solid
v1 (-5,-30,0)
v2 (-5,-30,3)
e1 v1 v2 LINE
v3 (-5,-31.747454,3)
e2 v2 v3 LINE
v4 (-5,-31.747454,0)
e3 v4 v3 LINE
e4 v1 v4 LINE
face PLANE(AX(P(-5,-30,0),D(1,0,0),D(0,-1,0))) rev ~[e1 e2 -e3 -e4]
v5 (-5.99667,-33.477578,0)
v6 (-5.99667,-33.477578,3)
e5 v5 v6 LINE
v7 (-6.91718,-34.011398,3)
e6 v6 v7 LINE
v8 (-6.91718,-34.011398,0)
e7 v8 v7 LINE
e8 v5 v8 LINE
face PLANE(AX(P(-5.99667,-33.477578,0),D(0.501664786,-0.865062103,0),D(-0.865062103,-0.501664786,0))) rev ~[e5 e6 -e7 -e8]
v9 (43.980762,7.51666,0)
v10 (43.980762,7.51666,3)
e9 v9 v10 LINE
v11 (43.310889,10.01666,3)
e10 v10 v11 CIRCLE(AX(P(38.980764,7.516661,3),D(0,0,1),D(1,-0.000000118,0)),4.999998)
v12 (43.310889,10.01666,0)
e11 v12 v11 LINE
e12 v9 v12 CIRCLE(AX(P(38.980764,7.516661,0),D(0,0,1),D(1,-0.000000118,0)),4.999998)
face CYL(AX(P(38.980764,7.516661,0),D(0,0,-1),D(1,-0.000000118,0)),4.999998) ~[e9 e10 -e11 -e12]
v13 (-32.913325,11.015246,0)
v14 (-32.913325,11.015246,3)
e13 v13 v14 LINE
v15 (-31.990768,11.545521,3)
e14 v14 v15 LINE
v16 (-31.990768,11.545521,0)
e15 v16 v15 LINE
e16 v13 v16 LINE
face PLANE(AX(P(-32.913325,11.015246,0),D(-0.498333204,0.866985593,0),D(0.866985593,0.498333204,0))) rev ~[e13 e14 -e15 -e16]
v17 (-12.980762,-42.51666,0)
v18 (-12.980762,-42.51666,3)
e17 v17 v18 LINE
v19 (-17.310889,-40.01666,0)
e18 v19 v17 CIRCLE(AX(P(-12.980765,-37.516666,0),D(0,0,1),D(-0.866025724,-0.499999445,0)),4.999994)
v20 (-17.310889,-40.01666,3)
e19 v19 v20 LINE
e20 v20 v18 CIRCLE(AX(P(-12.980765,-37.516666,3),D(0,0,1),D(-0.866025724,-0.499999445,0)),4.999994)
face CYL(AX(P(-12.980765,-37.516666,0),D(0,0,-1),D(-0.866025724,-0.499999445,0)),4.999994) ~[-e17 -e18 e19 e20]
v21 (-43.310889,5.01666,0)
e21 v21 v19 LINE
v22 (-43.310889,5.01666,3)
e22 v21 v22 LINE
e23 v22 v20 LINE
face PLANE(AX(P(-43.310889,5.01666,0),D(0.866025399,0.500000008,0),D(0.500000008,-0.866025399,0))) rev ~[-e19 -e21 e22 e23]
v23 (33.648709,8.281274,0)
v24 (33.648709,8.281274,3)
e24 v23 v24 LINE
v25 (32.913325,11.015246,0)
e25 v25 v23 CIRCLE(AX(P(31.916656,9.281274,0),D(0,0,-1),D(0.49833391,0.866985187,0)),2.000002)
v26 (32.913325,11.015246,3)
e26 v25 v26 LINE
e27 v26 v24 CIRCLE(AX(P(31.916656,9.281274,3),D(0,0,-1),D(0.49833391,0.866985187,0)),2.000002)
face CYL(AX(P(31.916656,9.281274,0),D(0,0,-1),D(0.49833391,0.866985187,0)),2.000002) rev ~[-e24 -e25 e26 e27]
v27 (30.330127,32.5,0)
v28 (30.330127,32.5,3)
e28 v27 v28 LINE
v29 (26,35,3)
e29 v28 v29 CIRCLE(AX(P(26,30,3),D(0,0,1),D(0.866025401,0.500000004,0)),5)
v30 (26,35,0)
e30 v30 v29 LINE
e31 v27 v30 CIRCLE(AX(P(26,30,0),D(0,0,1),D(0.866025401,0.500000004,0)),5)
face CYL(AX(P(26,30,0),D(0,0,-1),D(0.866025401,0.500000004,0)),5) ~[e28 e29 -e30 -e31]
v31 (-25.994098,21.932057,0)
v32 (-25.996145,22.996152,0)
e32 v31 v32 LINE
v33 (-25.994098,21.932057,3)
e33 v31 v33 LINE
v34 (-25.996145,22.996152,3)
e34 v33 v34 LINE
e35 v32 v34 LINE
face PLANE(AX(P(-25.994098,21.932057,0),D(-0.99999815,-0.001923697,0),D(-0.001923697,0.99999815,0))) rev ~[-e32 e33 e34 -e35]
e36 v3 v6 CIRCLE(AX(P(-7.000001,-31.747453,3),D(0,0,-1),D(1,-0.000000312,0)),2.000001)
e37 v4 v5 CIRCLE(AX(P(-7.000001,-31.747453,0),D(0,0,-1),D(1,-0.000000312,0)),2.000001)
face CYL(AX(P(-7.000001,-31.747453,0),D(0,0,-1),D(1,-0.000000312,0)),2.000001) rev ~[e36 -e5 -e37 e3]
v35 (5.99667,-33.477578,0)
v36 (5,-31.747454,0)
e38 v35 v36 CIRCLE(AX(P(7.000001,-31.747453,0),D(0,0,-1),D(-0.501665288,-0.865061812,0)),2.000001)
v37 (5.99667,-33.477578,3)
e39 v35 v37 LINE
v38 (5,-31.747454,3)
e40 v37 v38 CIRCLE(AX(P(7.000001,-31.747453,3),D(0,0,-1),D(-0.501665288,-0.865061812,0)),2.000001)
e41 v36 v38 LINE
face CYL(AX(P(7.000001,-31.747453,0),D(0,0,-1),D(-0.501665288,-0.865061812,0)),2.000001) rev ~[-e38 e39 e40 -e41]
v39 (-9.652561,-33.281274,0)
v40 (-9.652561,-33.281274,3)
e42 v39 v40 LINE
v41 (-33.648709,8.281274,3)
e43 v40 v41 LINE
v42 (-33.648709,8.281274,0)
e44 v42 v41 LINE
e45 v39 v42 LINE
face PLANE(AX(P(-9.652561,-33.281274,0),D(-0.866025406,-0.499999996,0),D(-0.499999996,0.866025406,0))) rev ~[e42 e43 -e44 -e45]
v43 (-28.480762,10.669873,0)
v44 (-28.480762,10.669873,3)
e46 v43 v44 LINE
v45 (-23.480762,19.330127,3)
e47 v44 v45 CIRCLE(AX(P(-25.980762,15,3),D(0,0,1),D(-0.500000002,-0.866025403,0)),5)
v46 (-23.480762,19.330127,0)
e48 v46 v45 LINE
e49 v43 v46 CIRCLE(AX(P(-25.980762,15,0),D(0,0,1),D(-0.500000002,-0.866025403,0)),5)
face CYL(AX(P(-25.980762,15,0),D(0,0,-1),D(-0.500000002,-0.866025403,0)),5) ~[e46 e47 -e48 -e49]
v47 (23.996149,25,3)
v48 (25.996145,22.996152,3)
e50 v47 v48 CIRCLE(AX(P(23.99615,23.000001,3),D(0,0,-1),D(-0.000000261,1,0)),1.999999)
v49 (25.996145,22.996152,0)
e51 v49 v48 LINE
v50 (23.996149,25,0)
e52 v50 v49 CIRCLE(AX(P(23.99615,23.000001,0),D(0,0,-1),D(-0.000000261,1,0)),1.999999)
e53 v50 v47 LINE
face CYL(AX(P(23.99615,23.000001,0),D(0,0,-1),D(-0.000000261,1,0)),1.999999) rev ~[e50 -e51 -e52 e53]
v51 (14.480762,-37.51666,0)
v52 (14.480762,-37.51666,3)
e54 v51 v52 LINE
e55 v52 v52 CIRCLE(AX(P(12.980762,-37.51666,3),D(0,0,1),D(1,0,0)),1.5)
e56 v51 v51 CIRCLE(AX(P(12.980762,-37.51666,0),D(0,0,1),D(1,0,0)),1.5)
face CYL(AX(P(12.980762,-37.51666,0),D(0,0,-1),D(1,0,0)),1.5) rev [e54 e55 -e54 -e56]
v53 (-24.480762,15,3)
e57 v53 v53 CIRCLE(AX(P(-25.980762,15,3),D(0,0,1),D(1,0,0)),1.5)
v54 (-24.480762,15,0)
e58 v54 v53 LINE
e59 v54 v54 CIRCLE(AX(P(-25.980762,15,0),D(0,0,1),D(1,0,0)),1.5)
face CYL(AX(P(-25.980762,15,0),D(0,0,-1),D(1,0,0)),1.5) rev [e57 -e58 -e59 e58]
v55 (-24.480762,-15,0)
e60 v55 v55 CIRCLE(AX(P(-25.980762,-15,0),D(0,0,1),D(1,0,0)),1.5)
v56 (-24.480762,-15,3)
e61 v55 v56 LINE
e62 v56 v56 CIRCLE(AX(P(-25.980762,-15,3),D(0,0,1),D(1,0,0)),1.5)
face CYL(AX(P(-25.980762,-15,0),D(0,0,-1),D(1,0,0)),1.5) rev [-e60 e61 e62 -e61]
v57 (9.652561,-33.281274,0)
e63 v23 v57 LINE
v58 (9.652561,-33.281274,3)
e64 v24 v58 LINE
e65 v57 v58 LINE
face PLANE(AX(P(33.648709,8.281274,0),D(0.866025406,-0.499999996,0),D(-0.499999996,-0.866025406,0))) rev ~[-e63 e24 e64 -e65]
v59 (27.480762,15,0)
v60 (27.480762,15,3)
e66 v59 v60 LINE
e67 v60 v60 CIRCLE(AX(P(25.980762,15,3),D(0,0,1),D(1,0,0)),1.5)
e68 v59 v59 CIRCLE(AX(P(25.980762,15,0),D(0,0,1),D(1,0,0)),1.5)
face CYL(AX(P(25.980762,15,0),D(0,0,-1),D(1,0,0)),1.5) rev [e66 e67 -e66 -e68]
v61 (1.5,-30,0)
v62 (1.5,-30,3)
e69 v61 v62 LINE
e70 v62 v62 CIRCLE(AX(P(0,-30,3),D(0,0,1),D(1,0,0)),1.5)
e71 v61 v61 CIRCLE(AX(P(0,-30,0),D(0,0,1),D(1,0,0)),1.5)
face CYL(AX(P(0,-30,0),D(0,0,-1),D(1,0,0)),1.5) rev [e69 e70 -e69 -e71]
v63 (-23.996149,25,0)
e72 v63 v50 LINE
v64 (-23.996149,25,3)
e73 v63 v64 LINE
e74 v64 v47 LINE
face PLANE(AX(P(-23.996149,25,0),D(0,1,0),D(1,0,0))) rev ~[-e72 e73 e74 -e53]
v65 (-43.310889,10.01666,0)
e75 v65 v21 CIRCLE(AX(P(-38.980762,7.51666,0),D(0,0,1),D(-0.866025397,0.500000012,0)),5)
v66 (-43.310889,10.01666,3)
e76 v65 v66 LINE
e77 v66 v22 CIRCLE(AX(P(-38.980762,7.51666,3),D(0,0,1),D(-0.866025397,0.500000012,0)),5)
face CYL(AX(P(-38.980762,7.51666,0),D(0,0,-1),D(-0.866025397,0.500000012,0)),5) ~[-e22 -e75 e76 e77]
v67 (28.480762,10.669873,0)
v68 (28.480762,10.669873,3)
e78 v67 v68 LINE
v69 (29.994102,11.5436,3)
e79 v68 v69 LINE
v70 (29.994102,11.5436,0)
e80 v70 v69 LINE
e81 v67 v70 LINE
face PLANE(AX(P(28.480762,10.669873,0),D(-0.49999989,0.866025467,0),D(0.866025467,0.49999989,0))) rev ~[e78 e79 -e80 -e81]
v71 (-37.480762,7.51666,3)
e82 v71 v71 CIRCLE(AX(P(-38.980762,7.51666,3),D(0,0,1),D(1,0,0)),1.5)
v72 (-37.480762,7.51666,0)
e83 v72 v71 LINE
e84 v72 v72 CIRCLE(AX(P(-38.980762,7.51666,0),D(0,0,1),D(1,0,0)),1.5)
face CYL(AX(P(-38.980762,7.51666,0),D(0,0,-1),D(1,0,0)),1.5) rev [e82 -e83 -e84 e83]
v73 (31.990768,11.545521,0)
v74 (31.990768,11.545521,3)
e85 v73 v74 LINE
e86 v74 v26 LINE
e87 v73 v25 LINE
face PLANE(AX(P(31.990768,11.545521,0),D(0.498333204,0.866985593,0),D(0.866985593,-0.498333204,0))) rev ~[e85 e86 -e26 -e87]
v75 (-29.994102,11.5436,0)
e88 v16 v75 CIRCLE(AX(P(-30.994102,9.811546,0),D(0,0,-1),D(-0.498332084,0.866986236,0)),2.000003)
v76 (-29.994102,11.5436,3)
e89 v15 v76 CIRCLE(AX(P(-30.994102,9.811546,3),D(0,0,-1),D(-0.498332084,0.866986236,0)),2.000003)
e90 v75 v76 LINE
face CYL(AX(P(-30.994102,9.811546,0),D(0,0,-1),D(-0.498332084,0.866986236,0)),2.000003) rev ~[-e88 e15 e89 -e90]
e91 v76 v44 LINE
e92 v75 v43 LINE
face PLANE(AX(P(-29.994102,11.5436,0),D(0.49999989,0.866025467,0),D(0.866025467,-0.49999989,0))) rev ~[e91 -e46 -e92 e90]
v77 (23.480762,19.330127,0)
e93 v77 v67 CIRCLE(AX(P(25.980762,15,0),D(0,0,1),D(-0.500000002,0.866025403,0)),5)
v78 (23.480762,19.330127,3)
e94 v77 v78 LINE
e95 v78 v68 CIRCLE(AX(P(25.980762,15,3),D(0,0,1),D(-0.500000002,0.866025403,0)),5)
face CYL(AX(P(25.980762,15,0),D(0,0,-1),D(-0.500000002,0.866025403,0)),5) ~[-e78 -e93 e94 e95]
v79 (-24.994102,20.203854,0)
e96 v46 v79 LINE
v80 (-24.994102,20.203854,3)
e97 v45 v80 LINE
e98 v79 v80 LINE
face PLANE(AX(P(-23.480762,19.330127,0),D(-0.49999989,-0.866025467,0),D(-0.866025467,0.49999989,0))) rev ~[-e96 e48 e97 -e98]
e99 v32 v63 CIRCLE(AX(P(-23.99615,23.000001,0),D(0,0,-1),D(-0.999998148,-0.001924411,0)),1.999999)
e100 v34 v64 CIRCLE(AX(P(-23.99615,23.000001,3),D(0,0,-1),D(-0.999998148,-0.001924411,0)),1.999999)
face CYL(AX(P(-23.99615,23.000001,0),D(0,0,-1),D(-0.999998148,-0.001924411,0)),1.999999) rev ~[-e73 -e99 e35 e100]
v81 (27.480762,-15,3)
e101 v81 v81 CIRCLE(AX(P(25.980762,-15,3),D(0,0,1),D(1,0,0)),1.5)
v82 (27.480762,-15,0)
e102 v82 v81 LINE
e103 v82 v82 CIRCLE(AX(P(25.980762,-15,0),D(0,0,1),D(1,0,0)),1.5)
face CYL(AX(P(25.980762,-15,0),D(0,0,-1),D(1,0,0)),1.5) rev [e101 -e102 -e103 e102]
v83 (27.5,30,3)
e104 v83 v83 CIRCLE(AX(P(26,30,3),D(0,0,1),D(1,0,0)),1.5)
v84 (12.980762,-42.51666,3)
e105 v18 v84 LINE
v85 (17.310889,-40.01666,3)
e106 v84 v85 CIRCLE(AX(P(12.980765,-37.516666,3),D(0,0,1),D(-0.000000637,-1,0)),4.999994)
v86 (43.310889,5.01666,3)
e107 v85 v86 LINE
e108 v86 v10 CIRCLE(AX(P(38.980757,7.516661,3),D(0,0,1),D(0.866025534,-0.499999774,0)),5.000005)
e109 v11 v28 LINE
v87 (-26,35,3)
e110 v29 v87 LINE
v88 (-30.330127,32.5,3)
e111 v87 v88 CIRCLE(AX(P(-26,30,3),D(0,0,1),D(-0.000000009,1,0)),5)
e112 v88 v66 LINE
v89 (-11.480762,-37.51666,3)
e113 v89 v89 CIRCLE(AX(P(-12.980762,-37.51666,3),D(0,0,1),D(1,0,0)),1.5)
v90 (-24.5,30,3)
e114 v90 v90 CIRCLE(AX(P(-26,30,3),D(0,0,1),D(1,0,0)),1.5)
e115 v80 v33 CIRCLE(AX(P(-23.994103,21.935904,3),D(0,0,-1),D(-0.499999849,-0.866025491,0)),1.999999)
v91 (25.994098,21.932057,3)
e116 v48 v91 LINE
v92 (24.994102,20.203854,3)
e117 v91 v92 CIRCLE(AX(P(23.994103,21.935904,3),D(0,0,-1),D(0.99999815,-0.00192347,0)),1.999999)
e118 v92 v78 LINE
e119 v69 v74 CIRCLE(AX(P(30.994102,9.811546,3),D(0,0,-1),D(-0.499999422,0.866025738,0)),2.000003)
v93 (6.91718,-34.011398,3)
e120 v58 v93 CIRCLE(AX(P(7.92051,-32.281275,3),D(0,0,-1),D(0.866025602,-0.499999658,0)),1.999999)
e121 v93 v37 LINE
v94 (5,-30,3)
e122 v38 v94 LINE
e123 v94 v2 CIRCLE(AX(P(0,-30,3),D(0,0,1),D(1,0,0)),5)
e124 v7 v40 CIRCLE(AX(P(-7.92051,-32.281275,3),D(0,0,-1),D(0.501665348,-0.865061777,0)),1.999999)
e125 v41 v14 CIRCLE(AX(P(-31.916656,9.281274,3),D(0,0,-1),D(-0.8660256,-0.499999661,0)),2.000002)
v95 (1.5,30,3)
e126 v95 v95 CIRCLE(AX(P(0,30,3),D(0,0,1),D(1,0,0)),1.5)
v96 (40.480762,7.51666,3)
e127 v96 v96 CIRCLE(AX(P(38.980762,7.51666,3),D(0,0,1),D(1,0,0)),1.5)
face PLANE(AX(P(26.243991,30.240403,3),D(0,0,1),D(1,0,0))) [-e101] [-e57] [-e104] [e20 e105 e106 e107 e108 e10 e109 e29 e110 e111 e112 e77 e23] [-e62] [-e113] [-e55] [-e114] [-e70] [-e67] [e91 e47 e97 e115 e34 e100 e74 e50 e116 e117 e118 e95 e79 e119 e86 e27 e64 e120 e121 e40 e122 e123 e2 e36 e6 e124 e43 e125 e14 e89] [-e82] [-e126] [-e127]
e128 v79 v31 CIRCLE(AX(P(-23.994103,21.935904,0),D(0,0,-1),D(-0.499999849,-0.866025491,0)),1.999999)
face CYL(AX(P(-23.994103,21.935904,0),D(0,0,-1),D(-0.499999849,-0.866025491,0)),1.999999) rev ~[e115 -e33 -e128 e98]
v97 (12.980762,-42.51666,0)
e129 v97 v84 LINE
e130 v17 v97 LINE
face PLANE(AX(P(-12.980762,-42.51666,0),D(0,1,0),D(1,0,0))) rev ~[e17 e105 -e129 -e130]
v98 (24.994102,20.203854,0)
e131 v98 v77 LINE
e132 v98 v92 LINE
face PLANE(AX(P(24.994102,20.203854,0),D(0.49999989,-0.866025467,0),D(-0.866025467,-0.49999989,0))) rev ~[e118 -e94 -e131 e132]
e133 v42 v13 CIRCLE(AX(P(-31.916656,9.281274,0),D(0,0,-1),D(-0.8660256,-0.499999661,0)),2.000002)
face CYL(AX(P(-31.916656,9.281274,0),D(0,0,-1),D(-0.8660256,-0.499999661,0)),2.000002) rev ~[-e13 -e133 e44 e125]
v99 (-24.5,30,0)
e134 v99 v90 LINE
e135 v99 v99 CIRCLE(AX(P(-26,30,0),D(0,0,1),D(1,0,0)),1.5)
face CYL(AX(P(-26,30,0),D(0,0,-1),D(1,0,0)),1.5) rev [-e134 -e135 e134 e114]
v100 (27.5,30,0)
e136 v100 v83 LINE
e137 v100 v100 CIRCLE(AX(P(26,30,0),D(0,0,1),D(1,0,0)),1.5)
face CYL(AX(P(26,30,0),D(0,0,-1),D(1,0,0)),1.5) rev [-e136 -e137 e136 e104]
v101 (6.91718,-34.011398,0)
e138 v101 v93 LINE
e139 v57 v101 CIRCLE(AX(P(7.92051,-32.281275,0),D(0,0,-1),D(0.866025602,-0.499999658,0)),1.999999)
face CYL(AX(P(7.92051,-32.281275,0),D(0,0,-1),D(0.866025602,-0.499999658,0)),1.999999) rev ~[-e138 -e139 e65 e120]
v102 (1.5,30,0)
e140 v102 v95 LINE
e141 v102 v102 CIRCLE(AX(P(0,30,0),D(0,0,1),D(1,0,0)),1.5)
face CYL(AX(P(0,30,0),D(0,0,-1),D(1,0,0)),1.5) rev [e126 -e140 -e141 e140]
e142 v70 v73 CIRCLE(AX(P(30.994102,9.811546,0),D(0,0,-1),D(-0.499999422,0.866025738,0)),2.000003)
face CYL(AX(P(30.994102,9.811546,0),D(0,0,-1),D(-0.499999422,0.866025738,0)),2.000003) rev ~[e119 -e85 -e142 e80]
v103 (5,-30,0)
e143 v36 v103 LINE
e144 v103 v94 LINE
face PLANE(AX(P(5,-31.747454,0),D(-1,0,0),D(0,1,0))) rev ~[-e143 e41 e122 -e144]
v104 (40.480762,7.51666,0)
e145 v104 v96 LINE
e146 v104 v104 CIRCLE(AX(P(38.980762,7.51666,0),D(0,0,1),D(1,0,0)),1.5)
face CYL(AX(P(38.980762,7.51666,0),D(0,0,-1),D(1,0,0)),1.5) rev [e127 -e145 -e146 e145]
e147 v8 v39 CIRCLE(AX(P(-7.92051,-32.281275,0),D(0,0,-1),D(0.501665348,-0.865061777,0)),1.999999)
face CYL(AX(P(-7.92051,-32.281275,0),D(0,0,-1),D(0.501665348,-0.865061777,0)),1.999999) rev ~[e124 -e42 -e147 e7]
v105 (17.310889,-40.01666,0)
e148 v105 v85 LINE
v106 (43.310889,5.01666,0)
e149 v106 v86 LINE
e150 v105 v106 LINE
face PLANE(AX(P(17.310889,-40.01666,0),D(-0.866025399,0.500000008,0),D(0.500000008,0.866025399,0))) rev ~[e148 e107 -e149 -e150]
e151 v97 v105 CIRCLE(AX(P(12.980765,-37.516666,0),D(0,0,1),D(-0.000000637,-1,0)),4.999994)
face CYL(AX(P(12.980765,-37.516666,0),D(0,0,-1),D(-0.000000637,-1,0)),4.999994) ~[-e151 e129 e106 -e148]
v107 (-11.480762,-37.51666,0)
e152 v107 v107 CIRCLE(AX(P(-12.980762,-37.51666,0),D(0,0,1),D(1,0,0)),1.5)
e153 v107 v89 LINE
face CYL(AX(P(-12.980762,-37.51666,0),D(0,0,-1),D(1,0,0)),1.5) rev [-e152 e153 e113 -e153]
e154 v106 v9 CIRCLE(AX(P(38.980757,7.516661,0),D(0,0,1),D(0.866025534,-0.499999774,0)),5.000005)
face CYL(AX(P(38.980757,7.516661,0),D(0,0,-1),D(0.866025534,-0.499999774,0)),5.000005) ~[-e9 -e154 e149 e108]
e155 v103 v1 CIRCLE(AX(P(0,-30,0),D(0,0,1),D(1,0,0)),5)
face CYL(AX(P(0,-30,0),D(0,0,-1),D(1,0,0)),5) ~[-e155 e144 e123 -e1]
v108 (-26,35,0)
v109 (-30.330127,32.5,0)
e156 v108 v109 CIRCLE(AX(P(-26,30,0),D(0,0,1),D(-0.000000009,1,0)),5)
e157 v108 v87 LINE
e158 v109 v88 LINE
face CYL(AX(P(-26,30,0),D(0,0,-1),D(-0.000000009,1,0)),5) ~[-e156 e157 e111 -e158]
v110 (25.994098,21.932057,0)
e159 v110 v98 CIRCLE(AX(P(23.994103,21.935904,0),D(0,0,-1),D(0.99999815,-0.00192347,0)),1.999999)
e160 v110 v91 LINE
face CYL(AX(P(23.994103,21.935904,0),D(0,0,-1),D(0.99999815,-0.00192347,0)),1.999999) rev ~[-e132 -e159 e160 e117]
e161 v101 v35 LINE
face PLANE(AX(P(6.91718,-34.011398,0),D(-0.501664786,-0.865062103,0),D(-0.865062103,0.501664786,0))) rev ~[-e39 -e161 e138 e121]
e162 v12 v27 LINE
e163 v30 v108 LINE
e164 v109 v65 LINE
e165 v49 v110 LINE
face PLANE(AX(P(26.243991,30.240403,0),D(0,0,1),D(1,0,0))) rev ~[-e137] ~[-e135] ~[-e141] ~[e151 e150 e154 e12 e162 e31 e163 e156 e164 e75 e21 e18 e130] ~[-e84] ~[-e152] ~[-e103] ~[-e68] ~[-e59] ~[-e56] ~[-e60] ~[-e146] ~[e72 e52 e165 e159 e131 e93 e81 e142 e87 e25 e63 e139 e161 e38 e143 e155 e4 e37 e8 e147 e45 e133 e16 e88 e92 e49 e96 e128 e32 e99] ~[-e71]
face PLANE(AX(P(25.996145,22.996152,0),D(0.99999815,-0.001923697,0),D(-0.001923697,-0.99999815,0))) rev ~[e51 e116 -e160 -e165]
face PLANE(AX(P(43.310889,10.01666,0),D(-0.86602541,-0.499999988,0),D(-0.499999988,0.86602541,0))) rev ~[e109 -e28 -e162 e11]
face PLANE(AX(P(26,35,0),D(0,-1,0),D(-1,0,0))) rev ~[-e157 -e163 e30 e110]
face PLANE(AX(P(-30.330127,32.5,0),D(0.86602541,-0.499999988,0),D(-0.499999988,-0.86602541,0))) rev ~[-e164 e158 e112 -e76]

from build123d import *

# Parameters (mm, degrees)
F0_R     = 1.5
F1_DEPTH = 3


with BuildPart() as f1:
    # F0 (on Top) → F1 (new body)
    with BuildSketch(Plane.XY):
        with BuildLine():
            ThreePointArc((26, 35), (22.464466, 26.464466), (31, 30))
            ThreePointArc((31, 30), (30.829629, 31.294095), (30.330127, 32.5))
            ThreePointArc((30.330127, 32.5), (28.5, 34.330127), (26, 35))
        make_face()
        with Locations((26, 30)):
            Circle(F0_R, mode=Mode.SUBTRACT)
        with BuildLine():
            ThreePointArc((30.330127, 32.5), (30.829629, 31.294095), (31, 30))
            ThreePointArc((31, 30), (22.464466, 26.464466), (26, 35))
            Line((26, 35), (-26, 35))
            ThreePointArc((-26, 35), (-22.464466, 33.535534), (-21, 30))
            ThreePointArc((-21, 30), (-27.294095, 25.170371), (-30.330127, 32.5))
            Line((-30.330127, 32.5), (-43.310889, 10.01666))
            ThreePointArc((-43.310889, 10.01666), (-37.686667, 12.34629), (-33.980762, 7.51666))
            ThreePointArc((-33.980762, 7.51666), (-37.686667, 2.687031), (-43.310889, 5.01666))
            Line((-43.310889, 5.01666), (-17.310889, -40.01666))
            ThreePointArc((-17.310889, -40.01666), (-14.274857, -32.687031), (-7.980762, -37.51666))
            ThreePointArc((-7.980762, -37.51666), (-9.445228, -41.052194), (-12.980762, -42.51666))
            Line((-12.980762, -42.51666), (12.980762, -42.51666))
            ThreePointArc((12.980762, -42.51666), (9.445228, -33.981127), (17.980762, -37.51666))
            ThreePointArc((17.980762, -37.51666), (17.810391, -38.810756), (17.310889, -40.01666))
            Line((17.310889, -40.01666), (43.310889, 5.01666))
            ThreePointArc((43.310889, 5.01666), (33.980762, 7.51666), (43.310889, 10.01666))
            Line((43.310889, 10.01666), (30.330127, 32.5))
        make_face()
        with Locations((-25.980762, -15)):
            Circle(F0_R, mode=Mode.SUBTRACT)
        with BuildLine():
            ThreePointArc((32.913325, 11.015246), (33.848011, 9.80077), (33.648709, 8.281274))
            Line((33.648709, 8.281274), (9.652561, -33.281274))
            ThreePointArc((9.652561, -33.281274), (8.43629, -34.213623), (6.91718, -34.011398))
            Line((6.91718, -34.011398), (5.99667, -33.477578))
            ThreePointArc((5.99667, -33.477578), (5.266988, -32.745787), (5, -31.747454))
            Line((5, -31.747454), (5, -30))
            ThreePointArc((5, -30), (0, -25), (-5, -30))
            Line((-5, -30), (-5, -31.747454))
            ThreePointArc((-5, -31.747454), (-5.266988, -32.745787), (-5.99667, -33.477578))
            Line((-5.99667, -33.477578), (-6.91718, -34.011398))
            ThreePointArc((-6.91718, -34.011398), (-8.43629, -34.213623), (-9.652561, -33.281274))
            Line((-9.652561, -33.281274), (-33.648709, 8.281274))
            ThreePointArc((-33.648709, 8.281274), (-33.848011, 9.80077), (-32.913325, 11.015246))
            Line((-32.913325, 11.015246), (-31.990768, 11.545521))
            ThreePointArc((-31.990768, 11.545521), (-30.992178, 11.811548), (-29.994102, 11.5436))
            Line((-29.994102, 11.5436), (-28.480762, 10.669873))
            ThreePointArc((-28.480762, 10.669873), (-21.650635, 12.5), (-23.480762, 19.330127))
            Line((-23.480762, 19.330127), (-24.994102, 20.203854))
            ThreePointArc((-24.994102, 20.203854), (-25.72519, 20.934239), (-25.994098, 21.932057))
            Line((-25.994098, 21.932057), (-25.996145, 22.996152))
            ThreePointArc((-25.996145, 22.996152), (-25.411722, 24.412853), (-23.996149, 25))
            Line((-23.996149, 25), (23.996149, 25))
            ThreePointArc((23.996149, 25), (25.411722, 24.412853), (25.996145, 22.996152))
            Line((25.996145, 22.996152), (25.994098, 21.932057))
            ThreePointArc((25.994098, 21.932057), (25.72519, 20.934239), (24.994102, 20.203854))
            Line((24.994102, 20.203854), (23.480762, 19.330127))
            ThreePointArc((23.480762, 19.330127), (21.650635, 12.5), (28.480762, 10.669873))
            Line((28.480762, 10.669873), (29.994102, 11.5436))
            ThreePointArc((29.994102, 11.5436), (30.992178, 11.811548), (31.990768, 11.545521))
            Line((31.990768, 11.545521), (32.913325, 11.015246))
        make_face(mode=Mode.SUBTRACT)
        with Locations((0, -30)):
            Circle(F0_R, mode=Mode.SUBTRACT)
        with Locations((25.980762, -15)):
            Circle(F0_R, mode=Mode.SUBTRACT)
        with Locations((-25.980762, 15)):
            Circle(F0_R, mode=Mode.SUBTRACT)
        with Locations((25.980762, 15)):
            Circle(F0_R, mode=Mode.SUBTRACT)
        with Locations((0, 30)):
            Circle(F0_R, mode=Mode.SUBTRACT)
        with BuildLine():
            ThreePointArc((43.980762, 7.51666), (43.810391, 8.810756), (43.310889, 10.01666))
            ThreePointArc((43.310889, 10.01666), (33.980762, 7.51666), (43.310889, 5.01666))
            ThreePointArc((43.310889, 5.01666), (43.810391, 6.222565), (43.980762, 7.51666))
        make_face()
        with Locations((38.980762, 7.51666)):
            Circle(F0_R, mode=Mode.SUBTRACT)
        with BuildLine():
            ThreePointArc((-21, 30), (-22.464466, 33.535534), (-26, 35))
            ThreePointArc((-26, 35), (-28.5, 34.330127), (-30.330127, 32.5))
            ThreePointArc((-30.330127, 32.5), (-27.294095, 25.170371), (-21, 30))
        make_face()
        with Locations((-26, 30)):
            Circle(F0_R, mode=Mode.SUBTRACT)
        with BuildLine():
            ThreePointArc((12.980762, -42.51666), (15.480762, -41.846788), (17.310889, -40.01666))
            ThreePointArc((17.310889, -40.01666), (17.810391, -38.810756), (17.980762, -37.51666))
            ThreePointArc((17.980762, -37.51666), (9.445228, -33.981127), (12.980762, -42.51666))
        make_face()
        with Locations((12.980762, -37.51666)):
            Circle(F0_R, mode=Mode.SUBTRACT)
        with BuildLine():
            ThreePointArc((-33.980762, 7.51666), (-37.686667, 12.34629), (-43.310889, 10.01666))
            ThreePointArc((-43.310889, 10.01666), (-43.980762, 7.51666), (-43.310889, 5.01666))
            ThreePointArc((-43.310889, 5.01666), (-37.686667, 2.687031), (-33.980762, 7.51666))
        make_face()
        with Locations((-38.980762, 7.51666)):
            Circle(F0_R, mode=Mode.SUBTRACT)
        with BuildLine():
            ThreePointArc((-17.310889, -40.01666), (-15.480762, -41.846788), (-12.980762, -42.51666))
            ThreePointArc((-12.980762, -42.51666), (-9.445228, -41.052194), (-7.980762, -37.51666))
            ThreePointArc((-7.980762, -37.51666), (-14.274857, -32.687031), (-17.310889, -40.01666))
        make_face()
        with Locations((-12.980762, -37.51666)):
            Circle(F0_R, mode=Mode.SUBTRACT)
    extrude(amount=F1_DEPTH)


solid = f1.part
